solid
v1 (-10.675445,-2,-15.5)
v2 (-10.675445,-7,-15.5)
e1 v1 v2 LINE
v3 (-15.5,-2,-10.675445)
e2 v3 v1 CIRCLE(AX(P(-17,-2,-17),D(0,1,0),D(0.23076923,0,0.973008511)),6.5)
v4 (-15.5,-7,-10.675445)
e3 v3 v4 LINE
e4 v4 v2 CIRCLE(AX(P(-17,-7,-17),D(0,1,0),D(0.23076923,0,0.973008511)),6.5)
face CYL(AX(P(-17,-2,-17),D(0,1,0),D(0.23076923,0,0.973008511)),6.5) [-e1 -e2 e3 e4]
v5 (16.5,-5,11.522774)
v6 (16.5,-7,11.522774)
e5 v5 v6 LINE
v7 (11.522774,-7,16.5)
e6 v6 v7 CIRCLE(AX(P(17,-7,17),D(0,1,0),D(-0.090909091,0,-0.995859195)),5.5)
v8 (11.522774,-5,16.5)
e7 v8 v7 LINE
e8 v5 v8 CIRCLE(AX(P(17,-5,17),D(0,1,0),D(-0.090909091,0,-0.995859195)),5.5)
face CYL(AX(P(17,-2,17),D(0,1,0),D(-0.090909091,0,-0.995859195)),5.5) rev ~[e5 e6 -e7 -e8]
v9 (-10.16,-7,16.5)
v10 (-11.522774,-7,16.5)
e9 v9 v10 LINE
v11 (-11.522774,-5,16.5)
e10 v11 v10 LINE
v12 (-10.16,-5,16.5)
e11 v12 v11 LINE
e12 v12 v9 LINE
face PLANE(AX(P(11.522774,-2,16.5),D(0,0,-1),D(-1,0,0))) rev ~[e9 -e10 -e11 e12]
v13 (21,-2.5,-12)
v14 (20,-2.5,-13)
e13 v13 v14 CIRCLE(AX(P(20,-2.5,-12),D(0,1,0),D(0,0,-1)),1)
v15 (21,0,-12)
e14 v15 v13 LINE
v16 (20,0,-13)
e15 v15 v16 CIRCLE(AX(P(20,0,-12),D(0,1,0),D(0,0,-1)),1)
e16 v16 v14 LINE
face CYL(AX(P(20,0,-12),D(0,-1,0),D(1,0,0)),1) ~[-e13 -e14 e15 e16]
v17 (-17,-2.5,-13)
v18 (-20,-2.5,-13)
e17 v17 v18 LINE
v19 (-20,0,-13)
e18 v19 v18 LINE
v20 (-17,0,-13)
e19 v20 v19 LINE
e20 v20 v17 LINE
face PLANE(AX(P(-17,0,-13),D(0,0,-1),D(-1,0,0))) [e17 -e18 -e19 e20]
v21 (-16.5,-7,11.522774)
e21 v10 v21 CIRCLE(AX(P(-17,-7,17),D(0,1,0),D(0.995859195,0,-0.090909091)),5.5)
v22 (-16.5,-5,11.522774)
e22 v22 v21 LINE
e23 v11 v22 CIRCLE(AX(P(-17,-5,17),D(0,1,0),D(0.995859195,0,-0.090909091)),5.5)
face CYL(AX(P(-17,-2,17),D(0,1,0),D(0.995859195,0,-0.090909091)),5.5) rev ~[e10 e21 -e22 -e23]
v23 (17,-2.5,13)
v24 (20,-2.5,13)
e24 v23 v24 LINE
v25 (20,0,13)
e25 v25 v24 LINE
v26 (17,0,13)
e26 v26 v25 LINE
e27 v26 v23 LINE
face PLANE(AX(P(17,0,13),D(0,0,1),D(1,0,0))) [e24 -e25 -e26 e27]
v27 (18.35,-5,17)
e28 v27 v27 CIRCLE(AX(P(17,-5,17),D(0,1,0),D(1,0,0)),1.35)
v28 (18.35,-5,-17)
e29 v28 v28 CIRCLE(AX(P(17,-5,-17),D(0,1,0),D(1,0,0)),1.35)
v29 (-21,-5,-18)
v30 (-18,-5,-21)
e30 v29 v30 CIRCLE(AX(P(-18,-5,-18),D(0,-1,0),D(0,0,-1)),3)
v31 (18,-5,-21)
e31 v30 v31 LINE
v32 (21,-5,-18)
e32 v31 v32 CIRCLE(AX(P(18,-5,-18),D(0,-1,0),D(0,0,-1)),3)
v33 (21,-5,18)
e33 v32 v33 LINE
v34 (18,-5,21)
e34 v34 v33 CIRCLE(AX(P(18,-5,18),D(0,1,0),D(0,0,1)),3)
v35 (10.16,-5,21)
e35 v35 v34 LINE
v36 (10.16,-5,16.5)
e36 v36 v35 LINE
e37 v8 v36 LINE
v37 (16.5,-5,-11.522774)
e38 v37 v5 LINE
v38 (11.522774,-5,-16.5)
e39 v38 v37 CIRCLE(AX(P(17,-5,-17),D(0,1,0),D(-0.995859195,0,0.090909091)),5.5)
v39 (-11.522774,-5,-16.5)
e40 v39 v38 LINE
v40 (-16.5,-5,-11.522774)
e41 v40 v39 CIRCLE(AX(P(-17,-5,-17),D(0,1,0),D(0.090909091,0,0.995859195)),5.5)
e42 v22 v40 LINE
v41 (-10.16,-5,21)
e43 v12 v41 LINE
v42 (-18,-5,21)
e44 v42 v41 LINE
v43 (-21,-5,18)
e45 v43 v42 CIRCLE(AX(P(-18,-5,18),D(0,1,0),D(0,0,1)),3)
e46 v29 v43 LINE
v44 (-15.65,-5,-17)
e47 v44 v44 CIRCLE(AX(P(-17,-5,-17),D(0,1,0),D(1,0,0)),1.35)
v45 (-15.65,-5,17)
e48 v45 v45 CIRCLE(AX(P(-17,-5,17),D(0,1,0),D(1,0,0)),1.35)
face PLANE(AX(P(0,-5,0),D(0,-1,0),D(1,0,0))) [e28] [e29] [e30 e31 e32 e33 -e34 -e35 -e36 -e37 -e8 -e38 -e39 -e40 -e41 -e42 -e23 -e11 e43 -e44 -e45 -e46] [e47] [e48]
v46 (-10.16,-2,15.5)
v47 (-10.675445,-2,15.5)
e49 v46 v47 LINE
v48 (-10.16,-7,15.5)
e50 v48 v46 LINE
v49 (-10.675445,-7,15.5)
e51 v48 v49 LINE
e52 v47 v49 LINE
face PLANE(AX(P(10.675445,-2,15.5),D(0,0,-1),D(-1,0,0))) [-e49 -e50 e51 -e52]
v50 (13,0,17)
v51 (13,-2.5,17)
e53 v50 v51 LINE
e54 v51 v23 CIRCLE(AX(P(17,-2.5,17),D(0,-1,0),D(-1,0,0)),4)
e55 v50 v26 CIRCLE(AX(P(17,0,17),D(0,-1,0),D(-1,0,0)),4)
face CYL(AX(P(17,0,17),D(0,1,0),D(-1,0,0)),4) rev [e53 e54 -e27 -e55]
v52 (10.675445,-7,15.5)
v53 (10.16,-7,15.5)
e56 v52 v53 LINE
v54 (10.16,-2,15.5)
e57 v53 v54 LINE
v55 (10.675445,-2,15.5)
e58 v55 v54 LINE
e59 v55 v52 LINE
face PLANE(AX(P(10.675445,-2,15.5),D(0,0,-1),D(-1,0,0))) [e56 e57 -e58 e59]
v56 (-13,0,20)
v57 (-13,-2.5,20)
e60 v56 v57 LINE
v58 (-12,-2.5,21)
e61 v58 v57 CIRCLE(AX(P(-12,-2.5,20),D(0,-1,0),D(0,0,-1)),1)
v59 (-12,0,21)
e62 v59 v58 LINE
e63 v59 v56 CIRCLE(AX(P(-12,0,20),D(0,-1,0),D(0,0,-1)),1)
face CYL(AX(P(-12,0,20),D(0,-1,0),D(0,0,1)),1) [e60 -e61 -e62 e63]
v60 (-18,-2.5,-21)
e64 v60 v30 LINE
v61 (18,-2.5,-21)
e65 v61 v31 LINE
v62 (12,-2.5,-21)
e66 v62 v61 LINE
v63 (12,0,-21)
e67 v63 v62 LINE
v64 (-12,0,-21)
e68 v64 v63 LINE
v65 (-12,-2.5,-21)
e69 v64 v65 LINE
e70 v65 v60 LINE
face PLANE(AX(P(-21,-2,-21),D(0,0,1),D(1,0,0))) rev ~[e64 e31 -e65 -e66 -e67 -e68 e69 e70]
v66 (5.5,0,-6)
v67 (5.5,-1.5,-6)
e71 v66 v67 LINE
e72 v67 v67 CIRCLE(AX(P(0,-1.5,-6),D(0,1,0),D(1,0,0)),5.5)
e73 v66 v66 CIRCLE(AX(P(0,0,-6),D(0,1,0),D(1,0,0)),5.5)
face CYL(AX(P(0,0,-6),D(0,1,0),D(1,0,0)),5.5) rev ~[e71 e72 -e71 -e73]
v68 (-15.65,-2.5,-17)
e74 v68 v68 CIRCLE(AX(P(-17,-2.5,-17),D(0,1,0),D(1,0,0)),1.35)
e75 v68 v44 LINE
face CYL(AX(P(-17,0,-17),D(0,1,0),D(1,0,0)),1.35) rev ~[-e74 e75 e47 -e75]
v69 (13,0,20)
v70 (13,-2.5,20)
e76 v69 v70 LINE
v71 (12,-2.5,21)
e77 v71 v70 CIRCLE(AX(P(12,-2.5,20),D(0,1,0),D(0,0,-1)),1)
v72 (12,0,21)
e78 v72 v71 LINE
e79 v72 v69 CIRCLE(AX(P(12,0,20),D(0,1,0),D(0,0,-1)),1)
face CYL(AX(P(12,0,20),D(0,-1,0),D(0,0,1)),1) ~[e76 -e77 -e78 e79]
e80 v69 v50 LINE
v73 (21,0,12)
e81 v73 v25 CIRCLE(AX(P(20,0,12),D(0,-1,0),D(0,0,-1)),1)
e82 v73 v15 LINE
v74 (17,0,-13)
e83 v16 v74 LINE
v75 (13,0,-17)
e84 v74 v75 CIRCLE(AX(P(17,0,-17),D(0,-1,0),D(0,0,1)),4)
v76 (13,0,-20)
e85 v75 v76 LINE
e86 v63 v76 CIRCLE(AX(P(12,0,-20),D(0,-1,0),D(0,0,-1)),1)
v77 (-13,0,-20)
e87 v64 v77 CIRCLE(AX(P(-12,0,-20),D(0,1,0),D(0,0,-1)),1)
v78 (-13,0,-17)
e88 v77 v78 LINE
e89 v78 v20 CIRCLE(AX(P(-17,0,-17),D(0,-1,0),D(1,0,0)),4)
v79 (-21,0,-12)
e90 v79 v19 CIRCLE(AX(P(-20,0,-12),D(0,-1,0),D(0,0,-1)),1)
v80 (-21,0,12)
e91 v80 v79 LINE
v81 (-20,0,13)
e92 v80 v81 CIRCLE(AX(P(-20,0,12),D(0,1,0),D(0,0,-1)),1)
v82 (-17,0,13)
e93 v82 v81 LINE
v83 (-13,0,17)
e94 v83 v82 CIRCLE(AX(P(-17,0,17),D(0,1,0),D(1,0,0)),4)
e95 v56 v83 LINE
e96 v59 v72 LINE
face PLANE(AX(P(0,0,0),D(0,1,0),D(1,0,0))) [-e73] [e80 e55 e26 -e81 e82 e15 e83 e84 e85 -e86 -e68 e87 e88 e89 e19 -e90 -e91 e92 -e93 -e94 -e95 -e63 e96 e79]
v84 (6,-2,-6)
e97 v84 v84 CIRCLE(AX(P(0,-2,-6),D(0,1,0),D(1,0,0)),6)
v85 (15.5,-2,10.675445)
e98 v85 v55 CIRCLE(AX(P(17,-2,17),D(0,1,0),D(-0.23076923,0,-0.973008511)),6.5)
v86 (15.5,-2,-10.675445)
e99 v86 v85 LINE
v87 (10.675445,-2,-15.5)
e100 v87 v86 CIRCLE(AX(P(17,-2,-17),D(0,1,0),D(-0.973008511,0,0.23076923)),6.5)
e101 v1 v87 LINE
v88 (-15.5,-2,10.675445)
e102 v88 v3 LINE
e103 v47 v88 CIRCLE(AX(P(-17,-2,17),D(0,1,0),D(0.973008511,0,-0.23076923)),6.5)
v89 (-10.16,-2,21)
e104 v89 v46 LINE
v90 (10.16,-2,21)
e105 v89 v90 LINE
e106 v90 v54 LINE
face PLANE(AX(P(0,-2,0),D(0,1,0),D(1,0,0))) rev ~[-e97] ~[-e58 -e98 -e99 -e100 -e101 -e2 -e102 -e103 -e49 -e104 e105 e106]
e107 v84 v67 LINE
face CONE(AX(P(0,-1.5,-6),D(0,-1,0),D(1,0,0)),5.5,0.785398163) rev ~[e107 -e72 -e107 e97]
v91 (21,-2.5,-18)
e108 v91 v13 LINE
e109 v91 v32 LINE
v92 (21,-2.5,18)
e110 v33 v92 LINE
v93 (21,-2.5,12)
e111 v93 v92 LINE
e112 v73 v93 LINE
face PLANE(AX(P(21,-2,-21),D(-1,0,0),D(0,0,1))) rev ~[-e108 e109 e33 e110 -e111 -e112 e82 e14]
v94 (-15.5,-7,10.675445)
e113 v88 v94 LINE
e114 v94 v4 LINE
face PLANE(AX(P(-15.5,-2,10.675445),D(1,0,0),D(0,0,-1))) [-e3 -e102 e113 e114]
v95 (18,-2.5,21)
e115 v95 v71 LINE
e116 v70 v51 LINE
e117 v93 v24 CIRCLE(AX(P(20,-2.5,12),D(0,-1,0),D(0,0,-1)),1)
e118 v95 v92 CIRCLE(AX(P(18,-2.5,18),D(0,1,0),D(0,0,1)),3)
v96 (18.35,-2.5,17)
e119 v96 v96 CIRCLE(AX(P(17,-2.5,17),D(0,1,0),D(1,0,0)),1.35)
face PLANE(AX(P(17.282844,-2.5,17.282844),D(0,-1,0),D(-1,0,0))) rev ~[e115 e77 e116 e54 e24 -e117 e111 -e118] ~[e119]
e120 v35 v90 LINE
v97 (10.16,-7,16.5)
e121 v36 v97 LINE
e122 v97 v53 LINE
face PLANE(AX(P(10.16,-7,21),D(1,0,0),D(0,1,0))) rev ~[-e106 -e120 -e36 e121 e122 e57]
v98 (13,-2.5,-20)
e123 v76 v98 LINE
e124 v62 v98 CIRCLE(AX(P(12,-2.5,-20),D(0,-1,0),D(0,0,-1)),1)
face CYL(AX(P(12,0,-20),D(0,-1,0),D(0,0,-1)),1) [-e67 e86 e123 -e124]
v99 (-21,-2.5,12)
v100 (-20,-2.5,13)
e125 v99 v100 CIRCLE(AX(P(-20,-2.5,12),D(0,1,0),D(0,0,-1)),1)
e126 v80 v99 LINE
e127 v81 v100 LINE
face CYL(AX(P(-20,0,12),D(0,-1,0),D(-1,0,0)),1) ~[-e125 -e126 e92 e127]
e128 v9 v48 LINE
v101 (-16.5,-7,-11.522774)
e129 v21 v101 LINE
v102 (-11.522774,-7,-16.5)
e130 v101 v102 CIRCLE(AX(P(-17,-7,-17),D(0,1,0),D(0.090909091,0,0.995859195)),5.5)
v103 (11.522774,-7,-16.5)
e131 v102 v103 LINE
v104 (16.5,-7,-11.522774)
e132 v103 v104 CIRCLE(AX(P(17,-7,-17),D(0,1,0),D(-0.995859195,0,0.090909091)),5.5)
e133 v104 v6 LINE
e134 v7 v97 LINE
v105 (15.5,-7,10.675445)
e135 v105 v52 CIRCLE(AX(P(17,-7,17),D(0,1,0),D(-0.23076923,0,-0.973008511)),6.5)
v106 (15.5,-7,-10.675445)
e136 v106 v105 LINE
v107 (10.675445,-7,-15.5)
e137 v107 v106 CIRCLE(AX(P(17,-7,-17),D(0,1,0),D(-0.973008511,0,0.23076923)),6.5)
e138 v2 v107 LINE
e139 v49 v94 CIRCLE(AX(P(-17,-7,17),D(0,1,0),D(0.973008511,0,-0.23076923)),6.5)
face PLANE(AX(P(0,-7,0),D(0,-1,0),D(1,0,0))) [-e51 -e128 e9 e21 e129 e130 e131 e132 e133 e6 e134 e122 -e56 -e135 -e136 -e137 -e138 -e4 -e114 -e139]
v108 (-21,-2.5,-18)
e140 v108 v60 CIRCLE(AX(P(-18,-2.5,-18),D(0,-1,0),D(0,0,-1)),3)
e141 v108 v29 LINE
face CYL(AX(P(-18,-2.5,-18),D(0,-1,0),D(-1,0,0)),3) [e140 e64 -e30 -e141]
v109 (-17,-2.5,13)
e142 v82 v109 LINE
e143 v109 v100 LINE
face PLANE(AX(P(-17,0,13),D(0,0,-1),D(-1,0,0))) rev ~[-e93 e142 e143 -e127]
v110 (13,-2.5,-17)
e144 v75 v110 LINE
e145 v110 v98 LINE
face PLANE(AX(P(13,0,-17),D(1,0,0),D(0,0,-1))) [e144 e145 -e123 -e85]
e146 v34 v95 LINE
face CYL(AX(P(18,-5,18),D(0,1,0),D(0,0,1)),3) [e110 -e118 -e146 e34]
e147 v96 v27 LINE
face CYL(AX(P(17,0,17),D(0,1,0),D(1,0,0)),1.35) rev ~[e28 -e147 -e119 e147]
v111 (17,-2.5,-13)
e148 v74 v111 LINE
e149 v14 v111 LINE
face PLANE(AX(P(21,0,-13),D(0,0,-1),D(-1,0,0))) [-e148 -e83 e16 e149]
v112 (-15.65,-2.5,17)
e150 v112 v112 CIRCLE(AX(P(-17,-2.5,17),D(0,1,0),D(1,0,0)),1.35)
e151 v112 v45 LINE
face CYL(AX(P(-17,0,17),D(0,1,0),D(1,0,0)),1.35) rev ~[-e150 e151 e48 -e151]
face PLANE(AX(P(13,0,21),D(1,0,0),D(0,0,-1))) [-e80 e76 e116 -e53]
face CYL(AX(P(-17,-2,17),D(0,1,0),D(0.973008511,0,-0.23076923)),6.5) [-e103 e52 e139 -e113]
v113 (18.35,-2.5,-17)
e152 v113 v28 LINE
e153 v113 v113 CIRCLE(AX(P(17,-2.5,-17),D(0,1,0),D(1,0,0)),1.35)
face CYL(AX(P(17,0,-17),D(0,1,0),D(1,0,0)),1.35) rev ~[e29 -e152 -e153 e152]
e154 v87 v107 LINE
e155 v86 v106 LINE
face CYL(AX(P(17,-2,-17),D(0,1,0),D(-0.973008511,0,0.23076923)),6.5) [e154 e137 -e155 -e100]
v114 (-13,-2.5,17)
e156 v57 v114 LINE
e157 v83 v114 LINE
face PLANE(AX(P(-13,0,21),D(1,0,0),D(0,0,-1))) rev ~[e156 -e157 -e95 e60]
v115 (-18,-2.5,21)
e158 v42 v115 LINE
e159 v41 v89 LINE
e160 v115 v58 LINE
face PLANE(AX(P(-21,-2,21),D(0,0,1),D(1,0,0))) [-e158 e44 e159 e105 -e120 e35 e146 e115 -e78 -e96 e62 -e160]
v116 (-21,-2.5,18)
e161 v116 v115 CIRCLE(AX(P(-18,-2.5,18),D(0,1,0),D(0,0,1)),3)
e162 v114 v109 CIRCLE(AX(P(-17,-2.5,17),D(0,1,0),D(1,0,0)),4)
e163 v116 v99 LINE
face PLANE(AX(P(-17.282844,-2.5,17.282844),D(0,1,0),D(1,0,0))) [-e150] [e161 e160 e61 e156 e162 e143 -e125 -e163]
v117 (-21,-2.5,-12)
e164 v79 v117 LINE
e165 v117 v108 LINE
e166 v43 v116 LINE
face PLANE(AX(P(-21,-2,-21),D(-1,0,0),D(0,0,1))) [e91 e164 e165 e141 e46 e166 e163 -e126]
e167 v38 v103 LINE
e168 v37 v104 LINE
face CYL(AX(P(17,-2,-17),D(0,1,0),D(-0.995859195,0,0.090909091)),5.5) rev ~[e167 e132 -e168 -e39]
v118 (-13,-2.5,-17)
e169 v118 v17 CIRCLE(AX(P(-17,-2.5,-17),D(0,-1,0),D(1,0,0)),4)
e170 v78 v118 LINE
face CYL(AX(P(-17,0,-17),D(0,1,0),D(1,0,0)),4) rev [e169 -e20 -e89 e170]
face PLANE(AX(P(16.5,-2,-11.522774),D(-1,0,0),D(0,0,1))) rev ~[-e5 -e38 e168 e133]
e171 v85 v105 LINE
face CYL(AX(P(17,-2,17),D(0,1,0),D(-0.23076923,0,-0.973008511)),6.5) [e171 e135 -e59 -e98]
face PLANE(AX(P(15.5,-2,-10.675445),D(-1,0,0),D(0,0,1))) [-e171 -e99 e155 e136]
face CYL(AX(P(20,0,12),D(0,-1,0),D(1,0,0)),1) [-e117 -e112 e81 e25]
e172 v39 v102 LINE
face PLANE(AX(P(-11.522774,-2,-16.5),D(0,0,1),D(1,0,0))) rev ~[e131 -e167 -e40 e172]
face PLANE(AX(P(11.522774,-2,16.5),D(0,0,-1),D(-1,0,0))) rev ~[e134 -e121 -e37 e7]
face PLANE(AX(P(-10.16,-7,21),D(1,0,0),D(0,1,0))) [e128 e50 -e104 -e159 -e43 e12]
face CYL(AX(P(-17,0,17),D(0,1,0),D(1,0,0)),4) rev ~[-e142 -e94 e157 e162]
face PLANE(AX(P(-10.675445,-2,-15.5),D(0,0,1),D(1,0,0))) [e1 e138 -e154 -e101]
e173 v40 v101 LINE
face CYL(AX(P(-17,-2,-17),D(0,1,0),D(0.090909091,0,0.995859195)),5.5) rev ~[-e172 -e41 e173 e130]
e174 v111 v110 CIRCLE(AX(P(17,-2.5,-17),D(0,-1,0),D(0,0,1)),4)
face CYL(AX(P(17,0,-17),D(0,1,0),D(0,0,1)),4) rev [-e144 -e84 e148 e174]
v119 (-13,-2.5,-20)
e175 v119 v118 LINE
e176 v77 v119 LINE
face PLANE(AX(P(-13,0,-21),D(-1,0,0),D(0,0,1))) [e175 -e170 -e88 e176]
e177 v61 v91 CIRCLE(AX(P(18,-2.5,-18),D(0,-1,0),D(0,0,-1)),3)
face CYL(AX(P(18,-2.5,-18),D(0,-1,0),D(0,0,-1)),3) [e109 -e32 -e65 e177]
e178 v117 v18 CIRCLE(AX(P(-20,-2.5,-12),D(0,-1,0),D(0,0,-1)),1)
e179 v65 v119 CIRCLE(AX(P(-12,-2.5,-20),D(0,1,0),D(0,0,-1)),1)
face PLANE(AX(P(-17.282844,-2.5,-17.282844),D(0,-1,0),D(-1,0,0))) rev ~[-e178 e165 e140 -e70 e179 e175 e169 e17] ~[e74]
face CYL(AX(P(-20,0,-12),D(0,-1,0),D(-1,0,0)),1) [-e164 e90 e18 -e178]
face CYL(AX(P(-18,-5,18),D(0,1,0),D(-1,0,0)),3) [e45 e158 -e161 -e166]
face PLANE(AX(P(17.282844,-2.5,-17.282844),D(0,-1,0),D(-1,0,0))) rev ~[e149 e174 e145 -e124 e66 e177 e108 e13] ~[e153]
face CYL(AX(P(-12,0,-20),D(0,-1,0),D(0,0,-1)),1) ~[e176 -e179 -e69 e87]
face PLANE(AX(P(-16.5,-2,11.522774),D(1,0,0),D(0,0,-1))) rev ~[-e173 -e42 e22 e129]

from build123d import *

# Parameters (mm, degrees)
SKETCH2_W           = 42
SKETCH2_H           = 42
SKETCH2_R           = 5.5
BOSS_EXTRUDE1_DEPTH = 2
SKETCH4_W           = 42
SKETCH4_H           = 42
BOSS_EXTRUDE2_DEPTH = 3
BOSS_EXTRUDE3_DEPTH = 3
BOSS_EXTRUDE5_DEPTH = 5
CUT_EXTRUDE1_DEPTH  = 2.5
SKETCH9_R           = 1.35
CUT_EXTRUDE2_DEPTH  = 8
FILLET1_R           = 3
FILLET2_R           = 1
CHAMFER1_SIZE       = 0.5
SKETCH10_W          = 20.32
SKETCH10_H          = 5
CUT_EXTRUDE3_DEPTH  = 5.5


with BuildPart() as part:
    # Sketch2 → Boss-Extrude1 (new body)
    with BuildSketch(Plane(origin=(0, 0, 0), x_dir=(1, 0, 0), z_dir=(0, 1, 0))):
        Rectangle(SKETCH2_W, SKETCH2_H)
        with Locations((0, 6)):
            Circle(SKETCH2_R, mode=Mode.SUBTRACT)
    extrude(amount=-BOSS_EXTRUDE1_DEPTH)

    # Sketch4 → Boss-Extrude2 (add)
    with BuildSketch(Plane.XZ.offset(2)):
        Rectangle(SKETCH4_W, SKETCH4_H)
        with BuildLine():
            Line((-17, 11.522774425), (-17, -11.522774425))
            ThreePointArc((-17, -11.522774425), (-16.869274473, -11.859874356), (-16.545454545, -12.020704023))
            ThreePointArc((-16.545454545, -12.020704023), (-13.464466094, -13.464466094), (-12.020704023, -16.545454545))
            ThreePointArc((-12.020704023, -16.545454545), (-11.859874356, -16.869274473), (-11.522774425, -17))
            Line((-11.522774425, -17), (11.522774425, -17))
            ThreePointArc((11.522774425, -17), (11.859874356, -16.869274473), (12.020704023, -16.545454545))
            ThreePointArc((12.020704023, -16.545454545), (13.464466094, -13.464466094), (16.545454545, -12.020704023))
            ThreePointArc((16.545454545, -12.020704023), (16.869274473, -11.859874356), (17, -11.522774425))
            Line((17, -11.522774425), (17, 11.522774425))
            ThreePointArc((17, 11.522774425), (16.869274473, 11.859874356), (16.545454545, 12.020704023))
            ThreePointArc((16.545454545, 12.020704023), (13.464466094, 13.464466094), (12.020704023, 16.545454545))
            ThreePointArc((12.020704023, 16.545454545), (11.859874356, 16.869274473), (11.522774425, 17))
            Line((11.522774425, 17), (-11.522774425, 17))
            ThreePointArc((-11.522774425, 17), (-11.859874356, 16.869274473), (-12.020704023, 16.545454545))
            ThreePointArc((-12.020704023, 16.545454545), (-13.464466094, 13.464466094), (-16.545454545, 12.020704023))
            ThreePointArc((-16.545454545, 12.020704023), (-16.869274473, 11.859874356), (-17, 11.522774425))
        make_face(mode=Mode.SUBTRACT)
    extrude(amount=BOSS_EXTRUDE2_DEPTH)

    # Sketch6 → Boss-Extrude3 (add)
    with BuildSketch(Plane.XZ.offset(2)):
        with BuildLine():
            Line((-17, 11.522774425), (-17, -11.522774425))
            ThreePointArc((-17, -11.522774425), (-16.869274473, -11.859874356), (-16.545454545, -12.020704023))
            ThreePointArc((-16.545454545, -12.020704023), (-13.464466094, -13.464466094), (-12.020704023, -16.545454545))
            ThreePointArc((-12.020704023, -16.545454545), (-11.859874356, -16.869274473), (-11.522774425, -17))
            Line((-11.522774425, -17), (11.522774425, -17))
            ThreePointArc((11.522774425, -17), (11.859874356, -16.869274473), (12.020704023, -16.545454545))
            ThreePointArc((12.020704023, -16.545454545), (13.464466094, -13.464466094), (16.545454545, -12.020704023))
            ThreePointArc((16.545454545, -12.020704023), (16.869274473, -11.859874356), (17, -11.522774425))
            Line((17, -11.522774425), (17, 11.522774425))
            ThreePointArc((17, 11.522774425), (16.869274473, 11.859874356), (16.545454545, 12.020704023))
            ThreePointArc((16.545454545, 12.020704023), (13.464466094, 13.464466094), (12.020704023, 16.545454545))
            ThreePointArc((12.020704023, 16.545454545), (11.859874356, 16.869274473), (11.522774425, 17))
            Line((11.522774425, 17), (-11.522774425, 17))
            ThreePointArc((-11.522774425, 17), (-11.859874356, 16.869274473), (-12.020704023, 16.545454545))
            ThreePointArc((-12.020704023, 16.545454545), (-13.464466094, 13.464466094), (-16.545454545, 12.020704023))
            ThreePointArc((-16.545454545, 12.020704023), (-16.869274473, 11.859874356), (-17, 11.522774425))
        make_face()
        with BuildLine():
            Line((-16.5, 11.522774425), (-16.5, -11.522774425))
            ThreePointArc((-16.5, -11.522774425), (-13.110912703, -13.110912703), (-11.522774425, -16.5))
            Line((-11.522774425, -16.5), (11.522774425, -16.5))
            ThreePointArc((11.522774425, -16.5), (13.110912703, -13.110912703), (16.5, -11.522774425))
            Line((16.5, -11.522774425), (16.5, 11.522774425))
            ThreePointArc((16.5, 11.522774425), (13.110912703, 13.110912703), (11.522774425, 16.5))
            Line((11.522774425, 16.5), (-11.522774425, 16.5))
            ThreePointArc((-11.522774425, 16.5), (-13.110912703, 13.110912703), (-16.5, 11.522774425))
        make_face(mode=Mode.SUBTRACT)
    extrude(amount=BOSS_EXTRUDE3_DEPTH)

    # Sketch7 → Boss-Extrude5 (add)
    with BuildSketch(Plane.XZ.offset(2)):
        with BuildLine():
            Line((11.522774425, 16.5), (-11.522774425, 16.5))
            ThreePointArc((-11.522774425, 16.5), (-13.110912703, 13.110912703), (-16.5, 11.522774425))
            Line((-16.5, 11.522774425), (-16.5, -11.522774425))
            ThreePointArc((-16.5, -11.522774425), (-13.110912703, -13.110912703), (-11.522774425, -16.5))
            Line((-11.522774425, -16.5), (11.522774425, -16.5))
            ThreePointArc((11.522774425, -16.5), (13.110912703, -13.110912703), (16.5, -11.522774425))
            Line((16.5, -11.522774425), (16.5, 11.522774425))
            ThreePointArc((16.5, 11.522774425), (13.110912703, 13.110912703), (11.522774425, 16.5))
        make_face()
        with BuildLine():
            Line((10.67544468, 15.5), (-10.67544468, 15.5))
            ThreePointArc((-10.67544468, 15.5), (-12.403805922, 12.403805922), (-15.5, 10.67544468))
            Line((-15.5, 10.67544468), (-15.5, -10.67544468))
            ThreePointArc((-15.5, -10.67544468), (-12.403805922, -12.403805922), (-10.67544468, -15.5))
            Line((-10.67544468, -15.5), (10.67544468, -15.5))
            ThreePointArc((10.67544468, -15.5), (12.403805922, -12.403805922), (15.5, -10.67544468))
            Line((15.5, -10.67544468), (15.5, 10.67544468))
            ThreePointArc((15.5, 10.67544468), (12.403805922, 12.403805922), (10.67544468, 15.5))
        make_face(mode=Mode.SUBTRACT)
    extrude(amount=BOSS_EXTRUDE5_DEPTH)

    # Sketch8 → Cut-Extrude1 (cut)
    with BuildSketch(Plane(origin=(0, 0, 0), x_dir=(1, 0, 0), z_dir=(0, 1, 0))):
        with BuildLine():
            Line((-17, 13), (-21, 13))
            Line((-21, 13), (-21, 21))
            Line((-21, 21), (-13, 21))
            Line((-13, 21), (-13, 17))
            ThreePointArc((-13, 17), (-14.171572875, 14.171572875), (-17, 13))
        make_face()
        with BuildLine():
            Line((13, 17), (13, 21))
            Line((13, 21), (21, 21))
            Line((21, 21), (21, 13))
            Line((21, 13), (17, 13))
            ThreePointArc((17, 13), (14.171572875, 14.171572875), (13, 17))
        make_face()
        with BuildLine():
            Line((-21, -17), (-21, -21))
            Line((-21, -21), (-17, -21))
            Line((-17, -21), (-13, -21))
            Line((-13, -21), (-13, -17))
            ThreePointArc((-13, -17), (-14.171572875, -14.171572875), (-17, -13))
            Line((-17, -13), (-21, -13))
            Line((-21, -13), (-21, -17))
        make_face()
        with BuildLine():
            Line((17, -13), (21, -13))
            Line((21, -13), (21, -21))
            Line((21, -21), (17, -21))
            Line((17, -21), (13, -21))
            Line((13, -21), (13, -17))
            ThreePointArc((13, -17), (14.171572875, -14.171572875), (17, -13))
        make_face()
    extrude(amount=-CUT_EXTRUDE1_DEPTH, mode=Mode.SUBTRACT)

    # Sketch9 → Cut-Extrude2 (cut, through all)
    with BuildSketch(Plane(origin=(0, 0, 0), x_dir=(1, 0, 0), z_dir=(0, 1, 0))):
        with Locations((-17, 17)):
            Circle(SKETCH9_R)
        with Locations((17, 17)):
            Circle(SKETCH9_R)
        with Locations((-17, -17)):
            Circle(SKETCH9_R)
        with Locations((17, -17)):
            Circle(SKETCH9_R)
    extrude(amount=-CUT_EXTRUDE2_DEPTH, mode=Mode.SUBTRACT)

    # Fillet1
    fillet1_edges = [part.edges().sort_by_distance(p)[0] for p in [
        (21, -3.75, 21),
        (-21, -3.75, 21),
        (-21, -3.75, -21),
        (21, -3.75, -21),
    ]]
    fillet(fillet1_edges, radius=FILLET1_R)

    # Fillet2
    fillet2_edges = [part.edges().sort_by_distance(p)[0] for p in [
        (13, -1.25, -21),
        (21, -1.25, -13),
        (-21, -1.25, 13),
        (-13, -1.25, 21),
        (21, -1.25, 13),
        (13, -1.25, 21),
        (-21, -1.25, -13),
        (-13, -1.25, -21),
    ]]
    fillet(fillet2_edges, radius=FILLET2_R)

    # Chamfer1
    chamfer1_edges = [part.edges().sort_by_distance(p)[0] for p in [
        (-5.5, -2, -6),
    ]]
    chamfer(chamfer1_edges, length=CHAMFER1_SIZE)

    # Sketch10 → Cut-Extrude3 (cut)
    with BuildSketch(Plane.XY.offset(21)):
        with Locations((0, -4.5)):
            Rectangle(SKETCH10_W, SKETCH10_H)
    extrude(amount=-CUT_EXTRUDE3_DEPTH, mode=Mode.SUBTRACT)


solid = part.part
